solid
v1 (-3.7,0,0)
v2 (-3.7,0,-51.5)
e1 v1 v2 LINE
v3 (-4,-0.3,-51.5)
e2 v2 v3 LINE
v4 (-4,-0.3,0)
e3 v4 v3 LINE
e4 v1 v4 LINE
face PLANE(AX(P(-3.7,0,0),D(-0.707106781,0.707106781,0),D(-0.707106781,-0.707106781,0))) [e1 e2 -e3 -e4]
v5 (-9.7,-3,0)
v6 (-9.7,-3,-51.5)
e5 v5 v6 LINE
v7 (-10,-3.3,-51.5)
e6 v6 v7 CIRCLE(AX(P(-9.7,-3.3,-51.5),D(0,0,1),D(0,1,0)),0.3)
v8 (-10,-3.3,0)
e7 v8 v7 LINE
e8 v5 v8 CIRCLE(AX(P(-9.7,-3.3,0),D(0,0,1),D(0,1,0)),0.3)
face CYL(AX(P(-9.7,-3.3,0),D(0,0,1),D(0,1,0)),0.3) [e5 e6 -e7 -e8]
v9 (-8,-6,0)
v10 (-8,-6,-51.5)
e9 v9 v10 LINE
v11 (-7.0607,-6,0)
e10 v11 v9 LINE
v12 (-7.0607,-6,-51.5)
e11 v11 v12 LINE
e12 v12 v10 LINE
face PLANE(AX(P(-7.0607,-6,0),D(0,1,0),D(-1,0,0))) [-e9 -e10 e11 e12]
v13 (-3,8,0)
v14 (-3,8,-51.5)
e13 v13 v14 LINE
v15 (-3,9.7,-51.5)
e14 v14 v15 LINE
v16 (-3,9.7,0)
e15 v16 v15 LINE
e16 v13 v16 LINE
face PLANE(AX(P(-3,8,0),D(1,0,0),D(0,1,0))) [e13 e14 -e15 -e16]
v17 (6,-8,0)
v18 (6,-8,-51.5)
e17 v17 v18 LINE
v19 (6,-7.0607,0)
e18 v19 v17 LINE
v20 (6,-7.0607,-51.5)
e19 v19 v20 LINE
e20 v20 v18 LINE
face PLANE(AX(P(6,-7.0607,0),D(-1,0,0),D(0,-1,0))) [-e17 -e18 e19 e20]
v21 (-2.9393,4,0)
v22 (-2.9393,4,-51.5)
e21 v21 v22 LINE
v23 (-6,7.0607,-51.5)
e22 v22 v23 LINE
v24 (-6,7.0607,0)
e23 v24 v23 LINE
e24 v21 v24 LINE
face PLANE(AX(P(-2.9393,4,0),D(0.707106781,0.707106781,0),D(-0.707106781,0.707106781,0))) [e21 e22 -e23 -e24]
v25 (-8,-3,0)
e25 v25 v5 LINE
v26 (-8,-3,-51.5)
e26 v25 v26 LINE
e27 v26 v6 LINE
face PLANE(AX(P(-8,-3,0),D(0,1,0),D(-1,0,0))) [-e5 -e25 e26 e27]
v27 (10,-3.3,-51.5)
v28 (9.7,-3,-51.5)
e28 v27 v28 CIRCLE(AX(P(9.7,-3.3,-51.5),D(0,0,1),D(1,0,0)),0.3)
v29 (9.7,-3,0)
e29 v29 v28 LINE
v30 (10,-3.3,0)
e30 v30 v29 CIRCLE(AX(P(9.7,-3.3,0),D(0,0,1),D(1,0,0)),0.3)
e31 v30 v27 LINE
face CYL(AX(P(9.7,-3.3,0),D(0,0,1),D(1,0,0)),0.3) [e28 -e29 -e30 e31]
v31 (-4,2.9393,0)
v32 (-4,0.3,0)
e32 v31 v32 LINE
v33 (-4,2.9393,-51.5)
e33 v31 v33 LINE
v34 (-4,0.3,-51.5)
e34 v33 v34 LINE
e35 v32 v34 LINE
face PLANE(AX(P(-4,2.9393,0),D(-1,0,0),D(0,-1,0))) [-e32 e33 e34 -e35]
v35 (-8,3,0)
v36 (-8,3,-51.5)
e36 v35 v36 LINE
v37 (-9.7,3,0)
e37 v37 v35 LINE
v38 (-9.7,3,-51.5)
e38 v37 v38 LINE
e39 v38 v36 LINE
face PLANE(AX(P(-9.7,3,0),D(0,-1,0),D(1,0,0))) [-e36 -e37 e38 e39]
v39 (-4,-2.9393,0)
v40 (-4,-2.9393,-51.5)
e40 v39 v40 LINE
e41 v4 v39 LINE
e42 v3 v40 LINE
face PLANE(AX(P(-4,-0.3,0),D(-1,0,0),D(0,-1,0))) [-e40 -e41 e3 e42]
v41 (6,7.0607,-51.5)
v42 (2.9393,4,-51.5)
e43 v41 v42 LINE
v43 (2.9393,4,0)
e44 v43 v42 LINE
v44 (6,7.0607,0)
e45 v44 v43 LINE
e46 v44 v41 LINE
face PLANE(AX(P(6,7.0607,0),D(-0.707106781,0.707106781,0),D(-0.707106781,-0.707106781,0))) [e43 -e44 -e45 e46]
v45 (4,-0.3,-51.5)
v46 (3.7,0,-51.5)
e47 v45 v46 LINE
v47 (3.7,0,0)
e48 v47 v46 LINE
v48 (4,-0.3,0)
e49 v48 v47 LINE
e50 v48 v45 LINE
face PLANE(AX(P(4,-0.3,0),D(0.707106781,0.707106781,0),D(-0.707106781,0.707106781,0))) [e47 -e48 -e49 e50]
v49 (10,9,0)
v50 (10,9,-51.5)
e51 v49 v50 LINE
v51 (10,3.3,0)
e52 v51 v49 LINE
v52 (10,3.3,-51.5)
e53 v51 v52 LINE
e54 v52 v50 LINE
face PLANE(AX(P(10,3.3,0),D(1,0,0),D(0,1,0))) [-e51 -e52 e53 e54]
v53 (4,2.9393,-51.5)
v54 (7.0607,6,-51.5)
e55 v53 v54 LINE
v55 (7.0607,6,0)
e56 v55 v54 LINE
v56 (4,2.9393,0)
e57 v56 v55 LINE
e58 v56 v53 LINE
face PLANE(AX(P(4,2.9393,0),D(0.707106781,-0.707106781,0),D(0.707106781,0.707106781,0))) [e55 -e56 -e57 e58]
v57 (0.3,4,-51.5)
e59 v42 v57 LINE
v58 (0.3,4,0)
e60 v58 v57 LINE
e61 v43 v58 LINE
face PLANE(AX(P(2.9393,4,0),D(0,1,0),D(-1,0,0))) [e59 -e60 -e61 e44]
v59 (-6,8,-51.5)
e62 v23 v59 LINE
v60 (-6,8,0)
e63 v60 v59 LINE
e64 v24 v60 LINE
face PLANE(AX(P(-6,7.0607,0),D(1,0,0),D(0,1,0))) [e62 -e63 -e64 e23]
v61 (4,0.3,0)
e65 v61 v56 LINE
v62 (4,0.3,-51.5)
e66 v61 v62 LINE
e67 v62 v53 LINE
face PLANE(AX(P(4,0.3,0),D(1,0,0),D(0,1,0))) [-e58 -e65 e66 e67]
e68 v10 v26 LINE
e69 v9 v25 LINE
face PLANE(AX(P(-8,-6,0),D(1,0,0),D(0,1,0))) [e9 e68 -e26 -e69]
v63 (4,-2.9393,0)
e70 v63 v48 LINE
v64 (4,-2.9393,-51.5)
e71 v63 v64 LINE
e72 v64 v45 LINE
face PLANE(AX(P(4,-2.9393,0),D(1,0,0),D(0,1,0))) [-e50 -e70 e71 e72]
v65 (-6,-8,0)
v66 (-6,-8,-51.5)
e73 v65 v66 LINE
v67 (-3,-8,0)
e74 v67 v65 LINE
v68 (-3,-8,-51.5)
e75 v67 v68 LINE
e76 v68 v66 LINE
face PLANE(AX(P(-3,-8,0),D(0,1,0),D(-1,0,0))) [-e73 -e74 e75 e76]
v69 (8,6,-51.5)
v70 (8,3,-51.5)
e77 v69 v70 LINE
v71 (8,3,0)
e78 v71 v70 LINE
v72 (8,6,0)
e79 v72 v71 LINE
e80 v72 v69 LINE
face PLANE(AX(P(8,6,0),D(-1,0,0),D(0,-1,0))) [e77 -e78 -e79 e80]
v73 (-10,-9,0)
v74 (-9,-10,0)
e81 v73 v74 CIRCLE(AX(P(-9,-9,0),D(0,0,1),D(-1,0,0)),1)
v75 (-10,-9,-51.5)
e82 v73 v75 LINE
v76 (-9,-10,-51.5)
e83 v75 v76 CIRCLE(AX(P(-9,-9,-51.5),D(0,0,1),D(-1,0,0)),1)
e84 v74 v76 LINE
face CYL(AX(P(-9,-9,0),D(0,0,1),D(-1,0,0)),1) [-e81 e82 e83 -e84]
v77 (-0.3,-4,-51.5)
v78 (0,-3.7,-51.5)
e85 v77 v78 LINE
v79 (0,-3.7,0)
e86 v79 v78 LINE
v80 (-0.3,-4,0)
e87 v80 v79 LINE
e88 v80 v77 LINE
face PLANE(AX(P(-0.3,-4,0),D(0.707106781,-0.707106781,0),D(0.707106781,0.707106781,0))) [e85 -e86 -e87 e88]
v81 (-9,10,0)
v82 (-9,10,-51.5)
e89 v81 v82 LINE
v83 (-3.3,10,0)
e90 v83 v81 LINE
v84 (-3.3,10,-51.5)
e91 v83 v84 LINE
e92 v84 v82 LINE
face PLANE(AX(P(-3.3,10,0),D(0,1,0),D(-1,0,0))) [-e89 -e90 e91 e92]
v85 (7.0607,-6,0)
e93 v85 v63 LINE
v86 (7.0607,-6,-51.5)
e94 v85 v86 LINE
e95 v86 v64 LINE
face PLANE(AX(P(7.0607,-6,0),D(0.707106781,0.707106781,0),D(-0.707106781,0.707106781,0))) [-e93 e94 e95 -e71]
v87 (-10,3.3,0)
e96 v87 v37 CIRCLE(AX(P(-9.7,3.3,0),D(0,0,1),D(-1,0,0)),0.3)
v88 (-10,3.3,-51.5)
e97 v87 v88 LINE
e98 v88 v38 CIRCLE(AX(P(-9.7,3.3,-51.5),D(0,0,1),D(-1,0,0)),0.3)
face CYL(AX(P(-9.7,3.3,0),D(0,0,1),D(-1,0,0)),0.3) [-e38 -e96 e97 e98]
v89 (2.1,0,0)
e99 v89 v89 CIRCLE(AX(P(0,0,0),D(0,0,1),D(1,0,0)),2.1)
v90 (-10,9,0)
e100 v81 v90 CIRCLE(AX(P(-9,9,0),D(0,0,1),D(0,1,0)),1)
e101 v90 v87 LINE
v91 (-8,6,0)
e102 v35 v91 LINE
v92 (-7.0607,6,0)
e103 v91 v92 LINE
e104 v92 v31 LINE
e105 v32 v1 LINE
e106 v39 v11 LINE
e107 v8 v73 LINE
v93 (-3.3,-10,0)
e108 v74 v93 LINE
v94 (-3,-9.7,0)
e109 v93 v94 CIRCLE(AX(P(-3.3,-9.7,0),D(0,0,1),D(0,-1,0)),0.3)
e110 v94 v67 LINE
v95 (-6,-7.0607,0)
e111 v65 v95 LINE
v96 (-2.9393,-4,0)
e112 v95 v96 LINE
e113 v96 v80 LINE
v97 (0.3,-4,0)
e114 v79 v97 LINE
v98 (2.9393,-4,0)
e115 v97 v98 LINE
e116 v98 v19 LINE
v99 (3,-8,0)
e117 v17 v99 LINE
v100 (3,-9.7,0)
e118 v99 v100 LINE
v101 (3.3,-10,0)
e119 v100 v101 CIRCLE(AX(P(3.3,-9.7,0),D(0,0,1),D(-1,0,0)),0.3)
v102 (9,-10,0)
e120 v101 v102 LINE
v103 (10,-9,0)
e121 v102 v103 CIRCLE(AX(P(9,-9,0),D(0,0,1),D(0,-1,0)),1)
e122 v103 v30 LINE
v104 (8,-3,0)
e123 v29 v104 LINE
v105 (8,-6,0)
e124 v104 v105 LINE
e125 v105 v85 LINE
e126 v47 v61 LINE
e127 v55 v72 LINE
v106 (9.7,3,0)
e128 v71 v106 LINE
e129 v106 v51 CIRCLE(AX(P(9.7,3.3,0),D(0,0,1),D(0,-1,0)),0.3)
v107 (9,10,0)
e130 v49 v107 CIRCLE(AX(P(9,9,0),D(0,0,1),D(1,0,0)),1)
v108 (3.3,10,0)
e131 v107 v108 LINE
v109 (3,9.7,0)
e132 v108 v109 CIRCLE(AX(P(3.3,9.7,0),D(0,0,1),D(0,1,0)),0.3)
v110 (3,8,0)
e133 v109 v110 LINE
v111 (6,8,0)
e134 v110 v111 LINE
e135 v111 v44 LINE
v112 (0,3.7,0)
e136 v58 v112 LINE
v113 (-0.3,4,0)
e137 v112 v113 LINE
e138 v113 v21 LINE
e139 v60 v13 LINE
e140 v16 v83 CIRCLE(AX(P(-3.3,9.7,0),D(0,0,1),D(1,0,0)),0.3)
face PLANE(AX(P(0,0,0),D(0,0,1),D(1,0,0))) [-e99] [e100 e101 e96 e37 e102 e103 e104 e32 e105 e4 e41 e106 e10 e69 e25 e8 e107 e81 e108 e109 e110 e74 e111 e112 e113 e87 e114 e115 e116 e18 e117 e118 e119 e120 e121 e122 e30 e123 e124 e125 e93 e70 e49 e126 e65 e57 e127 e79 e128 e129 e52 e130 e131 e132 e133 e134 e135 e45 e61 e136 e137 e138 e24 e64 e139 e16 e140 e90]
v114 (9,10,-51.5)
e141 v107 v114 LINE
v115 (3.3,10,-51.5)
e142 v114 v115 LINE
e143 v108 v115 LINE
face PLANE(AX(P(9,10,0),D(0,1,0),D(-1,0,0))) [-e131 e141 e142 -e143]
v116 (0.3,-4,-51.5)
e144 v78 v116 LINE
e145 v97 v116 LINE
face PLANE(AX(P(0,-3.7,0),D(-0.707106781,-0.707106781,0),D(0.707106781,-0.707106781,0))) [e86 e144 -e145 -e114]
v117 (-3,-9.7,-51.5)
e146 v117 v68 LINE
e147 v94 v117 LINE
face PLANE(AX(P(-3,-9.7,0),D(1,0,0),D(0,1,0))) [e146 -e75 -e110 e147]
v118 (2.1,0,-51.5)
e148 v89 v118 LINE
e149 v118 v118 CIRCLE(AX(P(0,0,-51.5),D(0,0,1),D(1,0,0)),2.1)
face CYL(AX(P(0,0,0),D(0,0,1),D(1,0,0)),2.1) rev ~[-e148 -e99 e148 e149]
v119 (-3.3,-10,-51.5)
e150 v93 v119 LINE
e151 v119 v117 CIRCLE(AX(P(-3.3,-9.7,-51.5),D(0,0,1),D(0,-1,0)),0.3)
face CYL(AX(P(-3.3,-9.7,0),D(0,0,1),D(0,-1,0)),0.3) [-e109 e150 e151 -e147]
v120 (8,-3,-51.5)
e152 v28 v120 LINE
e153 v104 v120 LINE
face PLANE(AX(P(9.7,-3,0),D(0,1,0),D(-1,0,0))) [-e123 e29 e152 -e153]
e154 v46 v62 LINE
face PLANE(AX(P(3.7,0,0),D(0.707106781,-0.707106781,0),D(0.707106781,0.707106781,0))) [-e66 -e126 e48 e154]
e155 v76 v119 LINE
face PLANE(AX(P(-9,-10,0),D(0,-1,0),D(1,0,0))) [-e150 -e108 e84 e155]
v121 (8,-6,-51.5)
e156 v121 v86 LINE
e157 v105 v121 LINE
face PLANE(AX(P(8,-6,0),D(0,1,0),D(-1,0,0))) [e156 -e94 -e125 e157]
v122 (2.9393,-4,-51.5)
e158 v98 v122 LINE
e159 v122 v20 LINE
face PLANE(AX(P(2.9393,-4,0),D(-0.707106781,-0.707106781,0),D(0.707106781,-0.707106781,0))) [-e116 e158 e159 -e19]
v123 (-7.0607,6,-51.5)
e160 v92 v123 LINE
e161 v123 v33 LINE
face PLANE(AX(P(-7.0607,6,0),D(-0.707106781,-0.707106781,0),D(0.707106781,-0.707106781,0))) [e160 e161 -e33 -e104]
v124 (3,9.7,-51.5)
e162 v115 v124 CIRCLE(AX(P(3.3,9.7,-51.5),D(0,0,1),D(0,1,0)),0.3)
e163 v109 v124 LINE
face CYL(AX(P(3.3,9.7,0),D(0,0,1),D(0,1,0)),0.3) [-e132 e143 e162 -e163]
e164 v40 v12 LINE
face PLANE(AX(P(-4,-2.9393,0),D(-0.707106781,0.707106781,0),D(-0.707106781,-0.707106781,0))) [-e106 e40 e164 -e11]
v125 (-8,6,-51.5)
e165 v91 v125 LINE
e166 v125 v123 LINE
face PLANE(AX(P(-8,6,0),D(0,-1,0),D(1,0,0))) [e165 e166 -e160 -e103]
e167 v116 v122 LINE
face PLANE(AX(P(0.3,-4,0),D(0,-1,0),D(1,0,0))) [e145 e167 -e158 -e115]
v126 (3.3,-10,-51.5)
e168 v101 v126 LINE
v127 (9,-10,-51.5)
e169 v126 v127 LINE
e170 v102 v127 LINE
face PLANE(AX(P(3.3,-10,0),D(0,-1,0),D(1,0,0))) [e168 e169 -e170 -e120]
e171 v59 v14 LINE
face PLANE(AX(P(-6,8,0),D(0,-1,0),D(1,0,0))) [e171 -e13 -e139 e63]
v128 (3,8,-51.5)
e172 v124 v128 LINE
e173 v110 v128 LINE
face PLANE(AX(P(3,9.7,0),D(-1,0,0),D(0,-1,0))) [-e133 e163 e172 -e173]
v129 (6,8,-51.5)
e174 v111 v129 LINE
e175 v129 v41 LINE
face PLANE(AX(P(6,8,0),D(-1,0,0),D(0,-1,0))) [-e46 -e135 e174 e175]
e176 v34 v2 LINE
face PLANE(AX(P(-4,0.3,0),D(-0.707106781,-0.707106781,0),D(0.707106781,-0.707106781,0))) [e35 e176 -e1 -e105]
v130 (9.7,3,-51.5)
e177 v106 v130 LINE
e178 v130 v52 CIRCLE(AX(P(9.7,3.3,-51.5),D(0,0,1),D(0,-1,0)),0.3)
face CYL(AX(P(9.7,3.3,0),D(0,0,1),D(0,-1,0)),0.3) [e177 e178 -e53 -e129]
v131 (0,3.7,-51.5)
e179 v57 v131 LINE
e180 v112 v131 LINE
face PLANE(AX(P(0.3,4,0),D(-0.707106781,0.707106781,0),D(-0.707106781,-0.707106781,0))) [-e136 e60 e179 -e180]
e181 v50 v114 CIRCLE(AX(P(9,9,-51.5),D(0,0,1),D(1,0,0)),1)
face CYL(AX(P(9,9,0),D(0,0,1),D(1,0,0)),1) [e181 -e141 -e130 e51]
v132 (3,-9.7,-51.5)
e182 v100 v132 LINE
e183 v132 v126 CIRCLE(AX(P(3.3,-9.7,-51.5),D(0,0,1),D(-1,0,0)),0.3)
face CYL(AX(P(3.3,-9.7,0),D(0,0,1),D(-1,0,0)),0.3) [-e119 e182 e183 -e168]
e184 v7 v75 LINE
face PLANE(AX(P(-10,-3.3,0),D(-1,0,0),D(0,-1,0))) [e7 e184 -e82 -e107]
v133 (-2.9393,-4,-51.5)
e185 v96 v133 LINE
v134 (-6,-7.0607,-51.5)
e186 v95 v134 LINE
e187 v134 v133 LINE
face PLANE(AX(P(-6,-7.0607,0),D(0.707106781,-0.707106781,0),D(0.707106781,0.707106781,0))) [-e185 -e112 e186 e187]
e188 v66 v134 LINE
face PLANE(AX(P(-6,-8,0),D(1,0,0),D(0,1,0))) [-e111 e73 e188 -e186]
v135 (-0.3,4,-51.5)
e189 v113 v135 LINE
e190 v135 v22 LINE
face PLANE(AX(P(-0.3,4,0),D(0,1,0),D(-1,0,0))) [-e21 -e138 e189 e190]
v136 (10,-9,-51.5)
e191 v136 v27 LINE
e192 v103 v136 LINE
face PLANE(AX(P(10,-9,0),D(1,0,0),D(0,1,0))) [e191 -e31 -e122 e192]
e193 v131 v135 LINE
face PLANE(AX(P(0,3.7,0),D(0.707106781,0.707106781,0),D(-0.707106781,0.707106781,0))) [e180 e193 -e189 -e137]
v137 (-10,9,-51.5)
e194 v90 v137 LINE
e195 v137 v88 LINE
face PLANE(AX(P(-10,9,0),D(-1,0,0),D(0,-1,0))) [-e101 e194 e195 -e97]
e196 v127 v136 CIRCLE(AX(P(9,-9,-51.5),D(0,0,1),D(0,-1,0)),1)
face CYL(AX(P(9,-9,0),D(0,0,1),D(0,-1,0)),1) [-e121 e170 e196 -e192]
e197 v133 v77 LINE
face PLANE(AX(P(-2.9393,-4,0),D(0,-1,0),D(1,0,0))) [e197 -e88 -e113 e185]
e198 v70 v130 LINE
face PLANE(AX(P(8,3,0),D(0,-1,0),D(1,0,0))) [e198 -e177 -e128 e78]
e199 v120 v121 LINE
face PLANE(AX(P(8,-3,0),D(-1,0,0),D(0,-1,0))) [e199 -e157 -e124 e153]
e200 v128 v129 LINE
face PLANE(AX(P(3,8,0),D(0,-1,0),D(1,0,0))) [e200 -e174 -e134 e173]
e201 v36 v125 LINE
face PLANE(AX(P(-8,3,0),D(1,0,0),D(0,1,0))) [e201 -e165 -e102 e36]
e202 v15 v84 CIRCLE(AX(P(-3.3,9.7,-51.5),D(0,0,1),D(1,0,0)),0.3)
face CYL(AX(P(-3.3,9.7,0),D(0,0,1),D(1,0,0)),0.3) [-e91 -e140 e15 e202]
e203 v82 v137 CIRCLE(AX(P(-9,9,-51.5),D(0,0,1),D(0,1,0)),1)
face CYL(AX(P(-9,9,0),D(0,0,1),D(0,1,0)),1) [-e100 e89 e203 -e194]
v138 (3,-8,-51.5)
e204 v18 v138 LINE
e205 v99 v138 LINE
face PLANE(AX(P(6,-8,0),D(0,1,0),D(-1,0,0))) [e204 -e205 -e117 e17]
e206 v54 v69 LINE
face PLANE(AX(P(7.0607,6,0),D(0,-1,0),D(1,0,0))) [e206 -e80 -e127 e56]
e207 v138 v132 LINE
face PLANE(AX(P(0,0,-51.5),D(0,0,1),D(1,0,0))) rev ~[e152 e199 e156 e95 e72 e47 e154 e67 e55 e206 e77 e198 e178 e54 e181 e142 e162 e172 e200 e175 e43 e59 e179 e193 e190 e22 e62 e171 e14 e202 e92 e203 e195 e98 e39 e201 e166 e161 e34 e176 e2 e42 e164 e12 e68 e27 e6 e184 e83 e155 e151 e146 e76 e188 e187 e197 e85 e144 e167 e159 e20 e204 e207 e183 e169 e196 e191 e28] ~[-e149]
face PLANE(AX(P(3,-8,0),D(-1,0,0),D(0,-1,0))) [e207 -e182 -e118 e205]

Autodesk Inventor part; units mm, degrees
ref_plane "YZ Plane" through (0, 0, 0) normal (1, 0, 0) x (0, 1, 0)
ref_plane "XZ Plane" through (0, 0, 0) normal (0, 1, 0) x (-1, 0, 0)
ref_plane "XY Plane" through (0, 0, 0) normal (0, 0, 1) x (1, 0, 0)
sketch "Sketch_5" plane through (0, 0, 0) normal (0, 0, 1) x (1, 0, 0)
  line L0 (-10, 9) -> (-10, 3.3)
  arc A0 (-10, 3.3) -> (-9.7, 3) centre (-9.7, 3.3) ccw
  line L1 (-9.7, 3) -> (-8, 3)
  line L2 (-8, 3) -> (-8, 6)
  line L3 (-8, 6) -> (-7.0607, 6)
  line L4 (-7.0607, 6) -> (-4, 2.9393)
  line L5 (-4, 2.9393) -> (-4, 0.3)
  line L6 (-4, 0.3) -> (-3.7, 0)
  line L7 (-3.7, 0) -> (-4, -0.3)
  line L8 (-4, -0.3) -> (-4, -2.9393)
  line L9 (-4, -2.9393) -> (-7.0607, -6)
  line L10 (-7.0607, -6) -> (-8, -6)
  line L11 (-8, -6) -> (-8, -3)
  line L12 (-8, -3) -> (-9.7, -3)
  arc A1 (-9.7, -3) -> (-10, -3.3) centre (-9.7, -3.3) ccw
  line L13 (-10, -3.3) -> (-10, -9)
  arc A2 (-10, -9) -> (-9, -10) centre (-9, -9) ccw
  line L14 (-9, -10) -> (-3.3, -10)
  arc A3 (-3.3, -10) -> (-3, -9.7) centre (-3.3, -9.7) ccw
  line L15 (-3, -9.7) -> (-3, -8)
  line L16 (-3, -8) -> (-6, -8)
  line L17 (-6, -8) -> (-6, -7.0607)
  line L18 (-6, -7.0607) -> (-2.9393, -4)
  line L19 (-2.9393, -4) -> (-0.3, -4)
  line L20 (-0.3, -4) -> (0, -3.7)
  line L21 (0, -3.7) -> (0.3, -4)
  line L22 (0.3, -4) -> (2.9393, -4)
  line L23 (2.9393, -4) -> (6, -7.0607)
  line L24 (6, -7.0607) -> (6, -8)
  line L25 (6, -8) -> (3, -8)
  line L26 (3, -8) -> (3, -9.7)
  arc A4 (3, -9.7) -> (3.3, -10) centre (3.3, -9.7) ccw
  line L27 (3.3, -10) -> (9, -10)
  arc A5 (9, -10) -> (10, -9) centre (9, -9) ccw
  line L28 (10, -9) -> (10, -3.3)
  arc A6 (10, -3.3) -> (9.7, -3) centre (9.7, -3.3) ccw
  line L29 (9.7, -3) -> (8, -3)
  line L30 (8, -3) -> (8, -6)
  line L31 (8, -6) -> (7.0607, -6)
  line L32 (7.0607, -6) -> (4, -2.9393)
  line L33 (4, -2.9393) -> (4, -0.3)
  line L34 (4, -0.3) -> (3.7, 0)
  line L35 (3.7, 0) -> (4, 0.3)
  line L36 (4, 0.3) -> (4, 2.9393)
  line L37 (4, 2.9393) -> (7.0607, 6)
  line L38 (7.0607, 6) -> (8, 6)
  line L39 (8, 6) -> (8, 3)
  line L40 (8, 3) -> (9.7, 3)
  arc A7 (9.7, 3) -> (10, 3.3) centre (9.7, 3.3) ccw
  line L41 (10, 3.3) -> (10, 9)
  arc A8 (10, 9) -> (9, 10) centre (9, 9) ccw
  line L42 (9, 10) -> (3.3, 10)
  arc A9 (3.3, 10) -> (3, 9.7) centre (3.3, 9.7) ccw
  line L43 (3, 9.7) -> (3, 8)
  line L44 (3, 8) -> (6, 8)
  line L45 (6, 8) -> (6, 7.0607)
  line L46 (6, 7.0607) -> (2.9393, 4)
  line L47 (2.9393, 4) -> (0.3, 4)
  line L48 (0.3, 4) -> (0, 3.7)
  line L49 (0, 3.7) -> (-0.3, 4)
  line L50 (-0.3, 4) -> (-2.9393, 4)
  line L51 (-2.9393, 4) -> (-6, 7.0607)
  line L52 (-6, 7.0607) -> (-6, 8)
  line L53 (-6, 8) -> (-3, 8)
  line L54 (-3, 8) -> (-3, 9.7)
  arc A10 (-3, 9.7) -> (-3.3, 10) centre (-3.3, 9.7) ccw
  line L55 (-3.3, 10) -> (-9, 10)
  arc A11 (-9, 10) -> (-10, 9) centre (-9, 9) ccw
  circle A12 centre (0, 0) radius 2.1
extrude "Extrusion1" add sketch "Sketch_5" against normal blind 51.5
properties part number "KHFS5-2020-4000"
